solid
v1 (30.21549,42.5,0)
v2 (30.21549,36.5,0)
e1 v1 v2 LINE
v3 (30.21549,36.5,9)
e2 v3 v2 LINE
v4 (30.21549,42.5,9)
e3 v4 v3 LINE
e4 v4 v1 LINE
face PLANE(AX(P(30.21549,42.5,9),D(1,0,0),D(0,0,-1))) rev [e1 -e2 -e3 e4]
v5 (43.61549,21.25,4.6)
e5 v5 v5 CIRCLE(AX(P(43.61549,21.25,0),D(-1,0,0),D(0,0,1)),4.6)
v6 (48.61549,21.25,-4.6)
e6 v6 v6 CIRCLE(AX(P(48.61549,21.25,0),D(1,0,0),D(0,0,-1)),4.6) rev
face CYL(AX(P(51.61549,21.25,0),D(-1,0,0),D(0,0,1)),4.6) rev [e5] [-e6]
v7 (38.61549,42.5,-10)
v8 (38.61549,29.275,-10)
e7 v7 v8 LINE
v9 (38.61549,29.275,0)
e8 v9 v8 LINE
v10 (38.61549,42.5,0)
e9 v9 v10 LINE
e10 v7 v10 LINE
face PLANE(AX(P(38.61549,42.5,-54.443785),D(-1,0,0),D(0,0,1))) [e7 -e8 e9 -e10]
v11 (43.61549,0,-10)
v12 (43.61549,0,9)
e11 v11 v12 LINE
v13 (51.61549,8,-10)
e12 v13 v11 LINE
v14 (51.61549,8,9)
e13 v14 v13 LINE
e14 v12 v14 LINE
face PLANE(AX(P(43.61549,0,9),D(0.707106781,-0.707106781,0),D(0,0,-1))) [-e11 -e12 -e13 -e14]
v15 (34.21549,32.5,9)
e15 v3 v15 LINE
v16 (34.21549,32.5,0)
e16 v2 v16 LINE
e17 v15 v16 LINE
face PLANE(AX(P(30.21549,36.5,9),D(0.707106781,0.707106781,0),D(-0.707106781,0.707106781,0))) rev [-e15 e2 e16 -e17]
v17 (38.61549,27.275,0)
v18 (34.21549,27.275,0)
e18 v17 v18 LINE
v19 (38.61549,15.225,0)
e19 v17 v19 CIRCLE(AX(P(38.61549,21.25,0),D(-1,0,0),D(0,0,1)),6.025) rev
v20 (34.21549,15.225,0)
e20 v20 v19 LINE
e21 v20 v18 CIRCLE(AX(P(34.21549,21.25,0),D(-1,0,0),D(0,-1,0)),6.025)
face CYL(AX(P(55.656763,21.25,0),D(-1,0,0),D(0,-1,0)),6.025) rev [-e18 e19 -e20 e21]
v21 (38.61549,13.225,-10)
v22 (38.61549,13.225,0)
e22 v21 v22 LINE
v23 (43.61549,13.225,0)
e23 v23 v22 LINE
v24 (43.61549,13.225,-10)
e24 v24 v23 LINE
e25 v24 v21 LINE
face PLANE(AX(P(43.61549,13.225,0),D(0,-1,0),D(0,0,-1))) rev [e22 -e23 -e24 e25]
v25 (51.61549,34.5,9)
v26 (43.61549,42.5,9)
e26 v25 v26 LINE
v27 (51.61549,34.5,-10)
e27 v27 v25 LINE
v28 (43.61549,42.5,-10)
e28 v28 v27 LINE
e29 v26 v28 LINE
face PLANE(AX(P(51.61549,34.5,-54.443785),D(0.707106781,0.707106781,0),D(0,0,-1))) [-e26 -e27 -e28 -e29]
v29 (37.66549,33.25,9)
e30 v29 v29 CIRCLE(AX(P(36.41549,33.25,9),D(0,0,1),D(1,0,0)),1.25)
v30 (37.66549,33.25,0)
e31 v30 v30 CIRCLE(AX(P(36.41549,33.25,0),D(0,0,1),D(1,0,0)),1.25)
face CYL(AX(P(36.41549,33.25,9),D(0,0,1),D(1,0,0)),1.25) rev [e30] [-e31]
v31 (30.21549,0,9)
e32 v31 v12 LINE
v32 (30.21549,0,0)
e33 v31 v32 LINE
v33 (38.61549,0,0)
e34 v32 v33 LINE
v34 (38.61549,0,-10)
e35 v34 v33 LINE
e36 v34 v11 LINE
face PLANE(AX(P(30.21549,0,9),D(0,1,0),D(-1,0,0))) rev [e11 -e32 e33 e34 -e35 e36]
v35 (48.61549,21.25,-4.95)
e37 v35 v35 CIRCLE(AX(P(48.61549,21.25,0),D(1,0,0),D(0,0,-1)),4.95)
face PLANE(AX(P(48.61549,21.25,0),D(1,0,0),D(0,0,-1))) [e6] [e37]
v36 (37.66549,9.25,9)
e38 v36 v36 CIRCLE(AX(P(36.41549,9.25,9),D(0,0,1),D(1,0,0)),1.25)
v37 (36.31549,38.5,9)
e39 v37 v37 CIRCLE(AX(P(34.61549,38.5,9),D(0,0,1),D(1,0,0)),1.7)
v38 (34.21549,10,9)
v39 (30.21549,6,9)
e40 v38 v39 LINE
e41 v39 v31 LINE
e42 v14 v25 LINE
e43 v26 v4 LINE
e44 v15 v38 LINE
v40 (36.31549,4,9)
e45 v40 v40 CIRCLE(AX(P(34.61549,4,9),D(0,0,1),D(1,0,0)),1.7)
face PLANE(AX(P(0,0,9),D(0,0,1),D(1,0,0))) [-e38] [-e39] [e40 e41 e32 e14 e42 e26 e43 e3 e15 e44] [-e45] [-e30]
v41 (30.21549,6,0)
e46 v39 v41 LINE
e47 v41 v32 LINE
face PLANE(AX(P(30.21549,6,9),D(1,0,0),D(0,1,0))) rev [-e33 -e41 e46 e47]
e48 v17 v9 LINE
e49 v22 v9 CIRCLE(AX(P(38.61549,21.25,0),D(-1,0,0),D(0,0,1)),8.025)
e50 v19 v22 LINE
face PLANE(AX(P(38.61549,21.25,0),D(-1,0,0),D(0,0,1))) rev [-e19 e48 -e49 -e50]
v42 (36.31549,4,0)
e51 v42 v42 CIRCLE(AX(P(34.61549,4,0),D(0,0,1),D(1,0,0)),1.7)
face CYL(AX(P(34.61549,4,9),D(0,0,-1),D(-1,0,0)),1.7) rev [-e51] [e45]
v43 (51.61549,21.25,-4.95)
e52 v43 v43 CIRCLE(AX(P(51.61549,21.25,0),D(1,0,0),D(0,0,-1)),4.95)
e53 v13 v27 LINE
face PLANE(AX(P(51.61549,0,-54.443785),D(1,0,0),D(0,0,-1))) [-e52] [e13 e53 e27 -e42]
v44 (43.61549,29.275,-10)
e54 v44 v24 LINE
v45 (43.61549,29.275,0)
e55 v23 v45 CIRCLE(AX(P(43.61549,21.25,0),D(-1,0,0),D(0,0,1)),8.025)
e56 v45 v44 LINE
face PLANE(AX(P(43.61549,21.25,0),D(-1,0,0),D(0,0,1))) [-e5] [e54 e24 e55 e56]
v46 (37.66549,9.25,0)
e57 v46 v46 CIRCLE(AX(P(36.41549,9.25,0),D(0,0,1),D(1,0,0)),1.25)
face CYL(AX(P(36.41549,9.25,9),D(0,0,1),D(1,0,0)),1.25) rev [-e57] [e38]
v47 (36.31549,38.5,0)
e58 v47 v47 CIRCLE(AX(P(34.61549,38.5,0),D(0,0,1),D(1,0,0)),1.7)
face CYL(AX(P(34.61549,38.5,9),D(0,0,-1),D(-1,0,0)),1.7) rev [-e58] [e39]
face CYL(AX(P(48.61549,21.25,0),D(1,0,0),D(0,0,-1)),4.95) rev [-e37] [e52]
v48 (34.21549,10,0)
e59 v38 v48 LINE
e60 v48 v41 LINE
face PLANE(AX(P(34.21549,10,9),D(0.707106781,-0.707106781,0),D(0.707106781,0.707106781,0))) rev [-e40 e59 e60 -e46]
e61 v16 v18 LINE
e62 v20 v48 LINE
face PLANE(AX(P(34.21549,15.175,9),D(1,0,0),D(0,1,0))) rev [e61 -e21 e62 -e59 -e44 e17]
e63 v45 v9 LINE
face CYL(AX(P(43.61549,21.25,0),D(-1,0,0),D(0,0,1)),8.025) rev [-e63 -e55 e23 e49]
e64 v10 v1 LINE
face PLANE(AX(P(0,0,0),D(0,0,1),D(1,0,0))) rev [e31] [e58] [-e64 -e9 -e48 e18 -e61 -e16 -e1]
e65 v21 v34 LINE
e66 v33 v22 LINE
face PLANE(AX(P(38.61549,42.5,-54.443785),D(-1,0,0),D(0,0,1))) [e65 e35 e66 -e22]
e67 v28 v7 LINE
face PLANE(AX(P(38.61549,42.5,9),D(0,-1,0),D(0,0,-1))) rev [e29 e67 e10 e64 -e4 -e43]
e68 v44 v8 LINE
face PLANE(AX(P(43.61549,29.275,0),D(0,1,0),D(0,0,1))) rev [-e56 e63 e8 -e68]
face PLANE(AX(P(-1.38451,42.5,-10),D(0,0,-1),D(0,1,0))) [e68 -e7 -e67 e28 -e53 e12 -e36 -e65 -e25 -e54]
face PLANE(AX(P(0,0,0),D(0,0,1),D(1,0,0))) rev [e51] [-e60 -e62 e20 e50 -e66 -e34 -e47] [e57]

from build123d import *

# Parameters (mm, degrees)
ESQUISSE1_R                               = 1.7
BOSS_EXTRU_1_DEPTH                        = 9
ESQUISSE2_W                               = 13.000000001
ESQUISSE2_H                               = 42.5
BOSS_EXTRU_2_DEPTH                        = 19
ESQUISSE4_R                               = 6.025
ENL_V_MAT_EXTRU_1_DEPTH                   = 4.4
ENL_V_MAT_EXTRU_2_DEPTH                   = 5
ESQUISSE6_R                               = 4.6
ENL_V_MAT_EXTRU_3_DEPTH                   = 9
CHANFREIN1_SIZE                           = 8
TROU_POUR_TARAUDAGE_POUR_TROU_TARAUD_M3_D = 2.5
ESQUISSE9_R                               = 4.95
ENL_V_MAT_EXTRU_4_DEPTH                   = 3


with BuildPart() as part:
    # Esquisse1 → Boss.-Extru.1 (new body)
    with BuildSketch(Plane.XY):
        Polygon((38.615489841, 27.325), (38.615489841, 15.175), (38.61548984, 0), (30.21548984, 0), (30.21548984, 6), (34.21548984, 10), (34.215489841, 15.175), (34.215489841, 27.325), (34.21548984, 32.5), (30.21548984, 36.5), (30.21548984, 42.5), (38.61548984, 42.5), align=None)
        with Locations((34.61548984, 4)):
            Circle(ESQUISSE1_R, mode=Mode.SUBTRACT)
        with Locations((34.61548984, 38.5)):
            Circle(ESQUISSE1_R, mode=Mode.SUBTRACT)
    extrude(amount=BOSS_EXTRU_1_DEPTH)

    # Esquisse2 → Boss.-Extru.2 (add)
    with BuildSketch(Plane.XY.offset(9)):
        with Locations((45.115489841, 21.25)):
            Rectangle(ESQUISSE2_W, ESQUISSE2_H)
    extrude(amount=-BOSS_EXTRU_2_DEPTH)

    # Esquisse4 → Enlèv. mat.-Extru.1 (cut)
    with BuildSketch(Plane.ZY.offset(-34.215489841)):
        with Locations((0, 21.25)):
            Circle(ESQUISSE4_R)
    extrude(amount=-ENL_V_MAT_EXTRU_1_DEPTH, mode=Mode.SUBTRACT)

    # Esquisse5 → Enlèv. mat.-Extru.2 (cut)
    with BuildSketch(Plane.ZY.offset(-38.61548984)):
        with BuildLine():
            Line((0, 29.275), (-10, 29.275))
            Line((-10, 29.275), (-10, 13.225))
            Line((-10, 13.225), (0, 13.225))
            ThreePointArc((0, 13.225), (8.025, 21.25), (0, 29.275))
        make_face()
    extrude(amount=-ENL_V_MAT_EXTRU_2_DEPTH, mode=Mode.SUBTRACT)

    # Esquisse6 → Enlèv. mat.-Extru.3 (cut, through all)
    with BuildSketch(Plane.ZY.offset(-43.61548984)):
        with Locations((0, 21.25)):
            Circle(ESQUISSE6_R)
    extrude(amount=-ENL_V_MAT_EXTRU_3_DEPTH, mode=Mode.SUBTRACT)

    # Chanfrein1
    chanfrein1_edges = [part.edges().sort_by_distance(p)[0] for p in [
        (51.615489841, 0, -0.5),
        (51.615489841, 42.5, -0.5),
    ]]
    chamfer(chanfrein1_edges, length=CHANFREIN1_SIZE)

    # Trou pour taraudage pour trou taraudé M31 (through all)
    with Locations(Plane.XY.offset(9)):
        with Locations((36.41548984, 33.25), (36.41548984, 9.25)):
            Hole(TROU_POUR_TARAUDAGE_POUR_TROU_TARAUD_M3_D / 2)

    # Esquisse9 → Enlèv. mat.-Extru.4 (cut)
    with BuildSketch(Plane(origin=(51.615489841, 0, 0), x_dir=(0, 0, -1), z_dir=(1, 0, 0))):
        with Locations((0, 21.25)):
            Circle(ESQUISSE9_R)
    extrude(amount=-ENL_V_MAT_EXTRU_4_DEPTH, mode=Mode.SUBTRACT)


solid = part.part
